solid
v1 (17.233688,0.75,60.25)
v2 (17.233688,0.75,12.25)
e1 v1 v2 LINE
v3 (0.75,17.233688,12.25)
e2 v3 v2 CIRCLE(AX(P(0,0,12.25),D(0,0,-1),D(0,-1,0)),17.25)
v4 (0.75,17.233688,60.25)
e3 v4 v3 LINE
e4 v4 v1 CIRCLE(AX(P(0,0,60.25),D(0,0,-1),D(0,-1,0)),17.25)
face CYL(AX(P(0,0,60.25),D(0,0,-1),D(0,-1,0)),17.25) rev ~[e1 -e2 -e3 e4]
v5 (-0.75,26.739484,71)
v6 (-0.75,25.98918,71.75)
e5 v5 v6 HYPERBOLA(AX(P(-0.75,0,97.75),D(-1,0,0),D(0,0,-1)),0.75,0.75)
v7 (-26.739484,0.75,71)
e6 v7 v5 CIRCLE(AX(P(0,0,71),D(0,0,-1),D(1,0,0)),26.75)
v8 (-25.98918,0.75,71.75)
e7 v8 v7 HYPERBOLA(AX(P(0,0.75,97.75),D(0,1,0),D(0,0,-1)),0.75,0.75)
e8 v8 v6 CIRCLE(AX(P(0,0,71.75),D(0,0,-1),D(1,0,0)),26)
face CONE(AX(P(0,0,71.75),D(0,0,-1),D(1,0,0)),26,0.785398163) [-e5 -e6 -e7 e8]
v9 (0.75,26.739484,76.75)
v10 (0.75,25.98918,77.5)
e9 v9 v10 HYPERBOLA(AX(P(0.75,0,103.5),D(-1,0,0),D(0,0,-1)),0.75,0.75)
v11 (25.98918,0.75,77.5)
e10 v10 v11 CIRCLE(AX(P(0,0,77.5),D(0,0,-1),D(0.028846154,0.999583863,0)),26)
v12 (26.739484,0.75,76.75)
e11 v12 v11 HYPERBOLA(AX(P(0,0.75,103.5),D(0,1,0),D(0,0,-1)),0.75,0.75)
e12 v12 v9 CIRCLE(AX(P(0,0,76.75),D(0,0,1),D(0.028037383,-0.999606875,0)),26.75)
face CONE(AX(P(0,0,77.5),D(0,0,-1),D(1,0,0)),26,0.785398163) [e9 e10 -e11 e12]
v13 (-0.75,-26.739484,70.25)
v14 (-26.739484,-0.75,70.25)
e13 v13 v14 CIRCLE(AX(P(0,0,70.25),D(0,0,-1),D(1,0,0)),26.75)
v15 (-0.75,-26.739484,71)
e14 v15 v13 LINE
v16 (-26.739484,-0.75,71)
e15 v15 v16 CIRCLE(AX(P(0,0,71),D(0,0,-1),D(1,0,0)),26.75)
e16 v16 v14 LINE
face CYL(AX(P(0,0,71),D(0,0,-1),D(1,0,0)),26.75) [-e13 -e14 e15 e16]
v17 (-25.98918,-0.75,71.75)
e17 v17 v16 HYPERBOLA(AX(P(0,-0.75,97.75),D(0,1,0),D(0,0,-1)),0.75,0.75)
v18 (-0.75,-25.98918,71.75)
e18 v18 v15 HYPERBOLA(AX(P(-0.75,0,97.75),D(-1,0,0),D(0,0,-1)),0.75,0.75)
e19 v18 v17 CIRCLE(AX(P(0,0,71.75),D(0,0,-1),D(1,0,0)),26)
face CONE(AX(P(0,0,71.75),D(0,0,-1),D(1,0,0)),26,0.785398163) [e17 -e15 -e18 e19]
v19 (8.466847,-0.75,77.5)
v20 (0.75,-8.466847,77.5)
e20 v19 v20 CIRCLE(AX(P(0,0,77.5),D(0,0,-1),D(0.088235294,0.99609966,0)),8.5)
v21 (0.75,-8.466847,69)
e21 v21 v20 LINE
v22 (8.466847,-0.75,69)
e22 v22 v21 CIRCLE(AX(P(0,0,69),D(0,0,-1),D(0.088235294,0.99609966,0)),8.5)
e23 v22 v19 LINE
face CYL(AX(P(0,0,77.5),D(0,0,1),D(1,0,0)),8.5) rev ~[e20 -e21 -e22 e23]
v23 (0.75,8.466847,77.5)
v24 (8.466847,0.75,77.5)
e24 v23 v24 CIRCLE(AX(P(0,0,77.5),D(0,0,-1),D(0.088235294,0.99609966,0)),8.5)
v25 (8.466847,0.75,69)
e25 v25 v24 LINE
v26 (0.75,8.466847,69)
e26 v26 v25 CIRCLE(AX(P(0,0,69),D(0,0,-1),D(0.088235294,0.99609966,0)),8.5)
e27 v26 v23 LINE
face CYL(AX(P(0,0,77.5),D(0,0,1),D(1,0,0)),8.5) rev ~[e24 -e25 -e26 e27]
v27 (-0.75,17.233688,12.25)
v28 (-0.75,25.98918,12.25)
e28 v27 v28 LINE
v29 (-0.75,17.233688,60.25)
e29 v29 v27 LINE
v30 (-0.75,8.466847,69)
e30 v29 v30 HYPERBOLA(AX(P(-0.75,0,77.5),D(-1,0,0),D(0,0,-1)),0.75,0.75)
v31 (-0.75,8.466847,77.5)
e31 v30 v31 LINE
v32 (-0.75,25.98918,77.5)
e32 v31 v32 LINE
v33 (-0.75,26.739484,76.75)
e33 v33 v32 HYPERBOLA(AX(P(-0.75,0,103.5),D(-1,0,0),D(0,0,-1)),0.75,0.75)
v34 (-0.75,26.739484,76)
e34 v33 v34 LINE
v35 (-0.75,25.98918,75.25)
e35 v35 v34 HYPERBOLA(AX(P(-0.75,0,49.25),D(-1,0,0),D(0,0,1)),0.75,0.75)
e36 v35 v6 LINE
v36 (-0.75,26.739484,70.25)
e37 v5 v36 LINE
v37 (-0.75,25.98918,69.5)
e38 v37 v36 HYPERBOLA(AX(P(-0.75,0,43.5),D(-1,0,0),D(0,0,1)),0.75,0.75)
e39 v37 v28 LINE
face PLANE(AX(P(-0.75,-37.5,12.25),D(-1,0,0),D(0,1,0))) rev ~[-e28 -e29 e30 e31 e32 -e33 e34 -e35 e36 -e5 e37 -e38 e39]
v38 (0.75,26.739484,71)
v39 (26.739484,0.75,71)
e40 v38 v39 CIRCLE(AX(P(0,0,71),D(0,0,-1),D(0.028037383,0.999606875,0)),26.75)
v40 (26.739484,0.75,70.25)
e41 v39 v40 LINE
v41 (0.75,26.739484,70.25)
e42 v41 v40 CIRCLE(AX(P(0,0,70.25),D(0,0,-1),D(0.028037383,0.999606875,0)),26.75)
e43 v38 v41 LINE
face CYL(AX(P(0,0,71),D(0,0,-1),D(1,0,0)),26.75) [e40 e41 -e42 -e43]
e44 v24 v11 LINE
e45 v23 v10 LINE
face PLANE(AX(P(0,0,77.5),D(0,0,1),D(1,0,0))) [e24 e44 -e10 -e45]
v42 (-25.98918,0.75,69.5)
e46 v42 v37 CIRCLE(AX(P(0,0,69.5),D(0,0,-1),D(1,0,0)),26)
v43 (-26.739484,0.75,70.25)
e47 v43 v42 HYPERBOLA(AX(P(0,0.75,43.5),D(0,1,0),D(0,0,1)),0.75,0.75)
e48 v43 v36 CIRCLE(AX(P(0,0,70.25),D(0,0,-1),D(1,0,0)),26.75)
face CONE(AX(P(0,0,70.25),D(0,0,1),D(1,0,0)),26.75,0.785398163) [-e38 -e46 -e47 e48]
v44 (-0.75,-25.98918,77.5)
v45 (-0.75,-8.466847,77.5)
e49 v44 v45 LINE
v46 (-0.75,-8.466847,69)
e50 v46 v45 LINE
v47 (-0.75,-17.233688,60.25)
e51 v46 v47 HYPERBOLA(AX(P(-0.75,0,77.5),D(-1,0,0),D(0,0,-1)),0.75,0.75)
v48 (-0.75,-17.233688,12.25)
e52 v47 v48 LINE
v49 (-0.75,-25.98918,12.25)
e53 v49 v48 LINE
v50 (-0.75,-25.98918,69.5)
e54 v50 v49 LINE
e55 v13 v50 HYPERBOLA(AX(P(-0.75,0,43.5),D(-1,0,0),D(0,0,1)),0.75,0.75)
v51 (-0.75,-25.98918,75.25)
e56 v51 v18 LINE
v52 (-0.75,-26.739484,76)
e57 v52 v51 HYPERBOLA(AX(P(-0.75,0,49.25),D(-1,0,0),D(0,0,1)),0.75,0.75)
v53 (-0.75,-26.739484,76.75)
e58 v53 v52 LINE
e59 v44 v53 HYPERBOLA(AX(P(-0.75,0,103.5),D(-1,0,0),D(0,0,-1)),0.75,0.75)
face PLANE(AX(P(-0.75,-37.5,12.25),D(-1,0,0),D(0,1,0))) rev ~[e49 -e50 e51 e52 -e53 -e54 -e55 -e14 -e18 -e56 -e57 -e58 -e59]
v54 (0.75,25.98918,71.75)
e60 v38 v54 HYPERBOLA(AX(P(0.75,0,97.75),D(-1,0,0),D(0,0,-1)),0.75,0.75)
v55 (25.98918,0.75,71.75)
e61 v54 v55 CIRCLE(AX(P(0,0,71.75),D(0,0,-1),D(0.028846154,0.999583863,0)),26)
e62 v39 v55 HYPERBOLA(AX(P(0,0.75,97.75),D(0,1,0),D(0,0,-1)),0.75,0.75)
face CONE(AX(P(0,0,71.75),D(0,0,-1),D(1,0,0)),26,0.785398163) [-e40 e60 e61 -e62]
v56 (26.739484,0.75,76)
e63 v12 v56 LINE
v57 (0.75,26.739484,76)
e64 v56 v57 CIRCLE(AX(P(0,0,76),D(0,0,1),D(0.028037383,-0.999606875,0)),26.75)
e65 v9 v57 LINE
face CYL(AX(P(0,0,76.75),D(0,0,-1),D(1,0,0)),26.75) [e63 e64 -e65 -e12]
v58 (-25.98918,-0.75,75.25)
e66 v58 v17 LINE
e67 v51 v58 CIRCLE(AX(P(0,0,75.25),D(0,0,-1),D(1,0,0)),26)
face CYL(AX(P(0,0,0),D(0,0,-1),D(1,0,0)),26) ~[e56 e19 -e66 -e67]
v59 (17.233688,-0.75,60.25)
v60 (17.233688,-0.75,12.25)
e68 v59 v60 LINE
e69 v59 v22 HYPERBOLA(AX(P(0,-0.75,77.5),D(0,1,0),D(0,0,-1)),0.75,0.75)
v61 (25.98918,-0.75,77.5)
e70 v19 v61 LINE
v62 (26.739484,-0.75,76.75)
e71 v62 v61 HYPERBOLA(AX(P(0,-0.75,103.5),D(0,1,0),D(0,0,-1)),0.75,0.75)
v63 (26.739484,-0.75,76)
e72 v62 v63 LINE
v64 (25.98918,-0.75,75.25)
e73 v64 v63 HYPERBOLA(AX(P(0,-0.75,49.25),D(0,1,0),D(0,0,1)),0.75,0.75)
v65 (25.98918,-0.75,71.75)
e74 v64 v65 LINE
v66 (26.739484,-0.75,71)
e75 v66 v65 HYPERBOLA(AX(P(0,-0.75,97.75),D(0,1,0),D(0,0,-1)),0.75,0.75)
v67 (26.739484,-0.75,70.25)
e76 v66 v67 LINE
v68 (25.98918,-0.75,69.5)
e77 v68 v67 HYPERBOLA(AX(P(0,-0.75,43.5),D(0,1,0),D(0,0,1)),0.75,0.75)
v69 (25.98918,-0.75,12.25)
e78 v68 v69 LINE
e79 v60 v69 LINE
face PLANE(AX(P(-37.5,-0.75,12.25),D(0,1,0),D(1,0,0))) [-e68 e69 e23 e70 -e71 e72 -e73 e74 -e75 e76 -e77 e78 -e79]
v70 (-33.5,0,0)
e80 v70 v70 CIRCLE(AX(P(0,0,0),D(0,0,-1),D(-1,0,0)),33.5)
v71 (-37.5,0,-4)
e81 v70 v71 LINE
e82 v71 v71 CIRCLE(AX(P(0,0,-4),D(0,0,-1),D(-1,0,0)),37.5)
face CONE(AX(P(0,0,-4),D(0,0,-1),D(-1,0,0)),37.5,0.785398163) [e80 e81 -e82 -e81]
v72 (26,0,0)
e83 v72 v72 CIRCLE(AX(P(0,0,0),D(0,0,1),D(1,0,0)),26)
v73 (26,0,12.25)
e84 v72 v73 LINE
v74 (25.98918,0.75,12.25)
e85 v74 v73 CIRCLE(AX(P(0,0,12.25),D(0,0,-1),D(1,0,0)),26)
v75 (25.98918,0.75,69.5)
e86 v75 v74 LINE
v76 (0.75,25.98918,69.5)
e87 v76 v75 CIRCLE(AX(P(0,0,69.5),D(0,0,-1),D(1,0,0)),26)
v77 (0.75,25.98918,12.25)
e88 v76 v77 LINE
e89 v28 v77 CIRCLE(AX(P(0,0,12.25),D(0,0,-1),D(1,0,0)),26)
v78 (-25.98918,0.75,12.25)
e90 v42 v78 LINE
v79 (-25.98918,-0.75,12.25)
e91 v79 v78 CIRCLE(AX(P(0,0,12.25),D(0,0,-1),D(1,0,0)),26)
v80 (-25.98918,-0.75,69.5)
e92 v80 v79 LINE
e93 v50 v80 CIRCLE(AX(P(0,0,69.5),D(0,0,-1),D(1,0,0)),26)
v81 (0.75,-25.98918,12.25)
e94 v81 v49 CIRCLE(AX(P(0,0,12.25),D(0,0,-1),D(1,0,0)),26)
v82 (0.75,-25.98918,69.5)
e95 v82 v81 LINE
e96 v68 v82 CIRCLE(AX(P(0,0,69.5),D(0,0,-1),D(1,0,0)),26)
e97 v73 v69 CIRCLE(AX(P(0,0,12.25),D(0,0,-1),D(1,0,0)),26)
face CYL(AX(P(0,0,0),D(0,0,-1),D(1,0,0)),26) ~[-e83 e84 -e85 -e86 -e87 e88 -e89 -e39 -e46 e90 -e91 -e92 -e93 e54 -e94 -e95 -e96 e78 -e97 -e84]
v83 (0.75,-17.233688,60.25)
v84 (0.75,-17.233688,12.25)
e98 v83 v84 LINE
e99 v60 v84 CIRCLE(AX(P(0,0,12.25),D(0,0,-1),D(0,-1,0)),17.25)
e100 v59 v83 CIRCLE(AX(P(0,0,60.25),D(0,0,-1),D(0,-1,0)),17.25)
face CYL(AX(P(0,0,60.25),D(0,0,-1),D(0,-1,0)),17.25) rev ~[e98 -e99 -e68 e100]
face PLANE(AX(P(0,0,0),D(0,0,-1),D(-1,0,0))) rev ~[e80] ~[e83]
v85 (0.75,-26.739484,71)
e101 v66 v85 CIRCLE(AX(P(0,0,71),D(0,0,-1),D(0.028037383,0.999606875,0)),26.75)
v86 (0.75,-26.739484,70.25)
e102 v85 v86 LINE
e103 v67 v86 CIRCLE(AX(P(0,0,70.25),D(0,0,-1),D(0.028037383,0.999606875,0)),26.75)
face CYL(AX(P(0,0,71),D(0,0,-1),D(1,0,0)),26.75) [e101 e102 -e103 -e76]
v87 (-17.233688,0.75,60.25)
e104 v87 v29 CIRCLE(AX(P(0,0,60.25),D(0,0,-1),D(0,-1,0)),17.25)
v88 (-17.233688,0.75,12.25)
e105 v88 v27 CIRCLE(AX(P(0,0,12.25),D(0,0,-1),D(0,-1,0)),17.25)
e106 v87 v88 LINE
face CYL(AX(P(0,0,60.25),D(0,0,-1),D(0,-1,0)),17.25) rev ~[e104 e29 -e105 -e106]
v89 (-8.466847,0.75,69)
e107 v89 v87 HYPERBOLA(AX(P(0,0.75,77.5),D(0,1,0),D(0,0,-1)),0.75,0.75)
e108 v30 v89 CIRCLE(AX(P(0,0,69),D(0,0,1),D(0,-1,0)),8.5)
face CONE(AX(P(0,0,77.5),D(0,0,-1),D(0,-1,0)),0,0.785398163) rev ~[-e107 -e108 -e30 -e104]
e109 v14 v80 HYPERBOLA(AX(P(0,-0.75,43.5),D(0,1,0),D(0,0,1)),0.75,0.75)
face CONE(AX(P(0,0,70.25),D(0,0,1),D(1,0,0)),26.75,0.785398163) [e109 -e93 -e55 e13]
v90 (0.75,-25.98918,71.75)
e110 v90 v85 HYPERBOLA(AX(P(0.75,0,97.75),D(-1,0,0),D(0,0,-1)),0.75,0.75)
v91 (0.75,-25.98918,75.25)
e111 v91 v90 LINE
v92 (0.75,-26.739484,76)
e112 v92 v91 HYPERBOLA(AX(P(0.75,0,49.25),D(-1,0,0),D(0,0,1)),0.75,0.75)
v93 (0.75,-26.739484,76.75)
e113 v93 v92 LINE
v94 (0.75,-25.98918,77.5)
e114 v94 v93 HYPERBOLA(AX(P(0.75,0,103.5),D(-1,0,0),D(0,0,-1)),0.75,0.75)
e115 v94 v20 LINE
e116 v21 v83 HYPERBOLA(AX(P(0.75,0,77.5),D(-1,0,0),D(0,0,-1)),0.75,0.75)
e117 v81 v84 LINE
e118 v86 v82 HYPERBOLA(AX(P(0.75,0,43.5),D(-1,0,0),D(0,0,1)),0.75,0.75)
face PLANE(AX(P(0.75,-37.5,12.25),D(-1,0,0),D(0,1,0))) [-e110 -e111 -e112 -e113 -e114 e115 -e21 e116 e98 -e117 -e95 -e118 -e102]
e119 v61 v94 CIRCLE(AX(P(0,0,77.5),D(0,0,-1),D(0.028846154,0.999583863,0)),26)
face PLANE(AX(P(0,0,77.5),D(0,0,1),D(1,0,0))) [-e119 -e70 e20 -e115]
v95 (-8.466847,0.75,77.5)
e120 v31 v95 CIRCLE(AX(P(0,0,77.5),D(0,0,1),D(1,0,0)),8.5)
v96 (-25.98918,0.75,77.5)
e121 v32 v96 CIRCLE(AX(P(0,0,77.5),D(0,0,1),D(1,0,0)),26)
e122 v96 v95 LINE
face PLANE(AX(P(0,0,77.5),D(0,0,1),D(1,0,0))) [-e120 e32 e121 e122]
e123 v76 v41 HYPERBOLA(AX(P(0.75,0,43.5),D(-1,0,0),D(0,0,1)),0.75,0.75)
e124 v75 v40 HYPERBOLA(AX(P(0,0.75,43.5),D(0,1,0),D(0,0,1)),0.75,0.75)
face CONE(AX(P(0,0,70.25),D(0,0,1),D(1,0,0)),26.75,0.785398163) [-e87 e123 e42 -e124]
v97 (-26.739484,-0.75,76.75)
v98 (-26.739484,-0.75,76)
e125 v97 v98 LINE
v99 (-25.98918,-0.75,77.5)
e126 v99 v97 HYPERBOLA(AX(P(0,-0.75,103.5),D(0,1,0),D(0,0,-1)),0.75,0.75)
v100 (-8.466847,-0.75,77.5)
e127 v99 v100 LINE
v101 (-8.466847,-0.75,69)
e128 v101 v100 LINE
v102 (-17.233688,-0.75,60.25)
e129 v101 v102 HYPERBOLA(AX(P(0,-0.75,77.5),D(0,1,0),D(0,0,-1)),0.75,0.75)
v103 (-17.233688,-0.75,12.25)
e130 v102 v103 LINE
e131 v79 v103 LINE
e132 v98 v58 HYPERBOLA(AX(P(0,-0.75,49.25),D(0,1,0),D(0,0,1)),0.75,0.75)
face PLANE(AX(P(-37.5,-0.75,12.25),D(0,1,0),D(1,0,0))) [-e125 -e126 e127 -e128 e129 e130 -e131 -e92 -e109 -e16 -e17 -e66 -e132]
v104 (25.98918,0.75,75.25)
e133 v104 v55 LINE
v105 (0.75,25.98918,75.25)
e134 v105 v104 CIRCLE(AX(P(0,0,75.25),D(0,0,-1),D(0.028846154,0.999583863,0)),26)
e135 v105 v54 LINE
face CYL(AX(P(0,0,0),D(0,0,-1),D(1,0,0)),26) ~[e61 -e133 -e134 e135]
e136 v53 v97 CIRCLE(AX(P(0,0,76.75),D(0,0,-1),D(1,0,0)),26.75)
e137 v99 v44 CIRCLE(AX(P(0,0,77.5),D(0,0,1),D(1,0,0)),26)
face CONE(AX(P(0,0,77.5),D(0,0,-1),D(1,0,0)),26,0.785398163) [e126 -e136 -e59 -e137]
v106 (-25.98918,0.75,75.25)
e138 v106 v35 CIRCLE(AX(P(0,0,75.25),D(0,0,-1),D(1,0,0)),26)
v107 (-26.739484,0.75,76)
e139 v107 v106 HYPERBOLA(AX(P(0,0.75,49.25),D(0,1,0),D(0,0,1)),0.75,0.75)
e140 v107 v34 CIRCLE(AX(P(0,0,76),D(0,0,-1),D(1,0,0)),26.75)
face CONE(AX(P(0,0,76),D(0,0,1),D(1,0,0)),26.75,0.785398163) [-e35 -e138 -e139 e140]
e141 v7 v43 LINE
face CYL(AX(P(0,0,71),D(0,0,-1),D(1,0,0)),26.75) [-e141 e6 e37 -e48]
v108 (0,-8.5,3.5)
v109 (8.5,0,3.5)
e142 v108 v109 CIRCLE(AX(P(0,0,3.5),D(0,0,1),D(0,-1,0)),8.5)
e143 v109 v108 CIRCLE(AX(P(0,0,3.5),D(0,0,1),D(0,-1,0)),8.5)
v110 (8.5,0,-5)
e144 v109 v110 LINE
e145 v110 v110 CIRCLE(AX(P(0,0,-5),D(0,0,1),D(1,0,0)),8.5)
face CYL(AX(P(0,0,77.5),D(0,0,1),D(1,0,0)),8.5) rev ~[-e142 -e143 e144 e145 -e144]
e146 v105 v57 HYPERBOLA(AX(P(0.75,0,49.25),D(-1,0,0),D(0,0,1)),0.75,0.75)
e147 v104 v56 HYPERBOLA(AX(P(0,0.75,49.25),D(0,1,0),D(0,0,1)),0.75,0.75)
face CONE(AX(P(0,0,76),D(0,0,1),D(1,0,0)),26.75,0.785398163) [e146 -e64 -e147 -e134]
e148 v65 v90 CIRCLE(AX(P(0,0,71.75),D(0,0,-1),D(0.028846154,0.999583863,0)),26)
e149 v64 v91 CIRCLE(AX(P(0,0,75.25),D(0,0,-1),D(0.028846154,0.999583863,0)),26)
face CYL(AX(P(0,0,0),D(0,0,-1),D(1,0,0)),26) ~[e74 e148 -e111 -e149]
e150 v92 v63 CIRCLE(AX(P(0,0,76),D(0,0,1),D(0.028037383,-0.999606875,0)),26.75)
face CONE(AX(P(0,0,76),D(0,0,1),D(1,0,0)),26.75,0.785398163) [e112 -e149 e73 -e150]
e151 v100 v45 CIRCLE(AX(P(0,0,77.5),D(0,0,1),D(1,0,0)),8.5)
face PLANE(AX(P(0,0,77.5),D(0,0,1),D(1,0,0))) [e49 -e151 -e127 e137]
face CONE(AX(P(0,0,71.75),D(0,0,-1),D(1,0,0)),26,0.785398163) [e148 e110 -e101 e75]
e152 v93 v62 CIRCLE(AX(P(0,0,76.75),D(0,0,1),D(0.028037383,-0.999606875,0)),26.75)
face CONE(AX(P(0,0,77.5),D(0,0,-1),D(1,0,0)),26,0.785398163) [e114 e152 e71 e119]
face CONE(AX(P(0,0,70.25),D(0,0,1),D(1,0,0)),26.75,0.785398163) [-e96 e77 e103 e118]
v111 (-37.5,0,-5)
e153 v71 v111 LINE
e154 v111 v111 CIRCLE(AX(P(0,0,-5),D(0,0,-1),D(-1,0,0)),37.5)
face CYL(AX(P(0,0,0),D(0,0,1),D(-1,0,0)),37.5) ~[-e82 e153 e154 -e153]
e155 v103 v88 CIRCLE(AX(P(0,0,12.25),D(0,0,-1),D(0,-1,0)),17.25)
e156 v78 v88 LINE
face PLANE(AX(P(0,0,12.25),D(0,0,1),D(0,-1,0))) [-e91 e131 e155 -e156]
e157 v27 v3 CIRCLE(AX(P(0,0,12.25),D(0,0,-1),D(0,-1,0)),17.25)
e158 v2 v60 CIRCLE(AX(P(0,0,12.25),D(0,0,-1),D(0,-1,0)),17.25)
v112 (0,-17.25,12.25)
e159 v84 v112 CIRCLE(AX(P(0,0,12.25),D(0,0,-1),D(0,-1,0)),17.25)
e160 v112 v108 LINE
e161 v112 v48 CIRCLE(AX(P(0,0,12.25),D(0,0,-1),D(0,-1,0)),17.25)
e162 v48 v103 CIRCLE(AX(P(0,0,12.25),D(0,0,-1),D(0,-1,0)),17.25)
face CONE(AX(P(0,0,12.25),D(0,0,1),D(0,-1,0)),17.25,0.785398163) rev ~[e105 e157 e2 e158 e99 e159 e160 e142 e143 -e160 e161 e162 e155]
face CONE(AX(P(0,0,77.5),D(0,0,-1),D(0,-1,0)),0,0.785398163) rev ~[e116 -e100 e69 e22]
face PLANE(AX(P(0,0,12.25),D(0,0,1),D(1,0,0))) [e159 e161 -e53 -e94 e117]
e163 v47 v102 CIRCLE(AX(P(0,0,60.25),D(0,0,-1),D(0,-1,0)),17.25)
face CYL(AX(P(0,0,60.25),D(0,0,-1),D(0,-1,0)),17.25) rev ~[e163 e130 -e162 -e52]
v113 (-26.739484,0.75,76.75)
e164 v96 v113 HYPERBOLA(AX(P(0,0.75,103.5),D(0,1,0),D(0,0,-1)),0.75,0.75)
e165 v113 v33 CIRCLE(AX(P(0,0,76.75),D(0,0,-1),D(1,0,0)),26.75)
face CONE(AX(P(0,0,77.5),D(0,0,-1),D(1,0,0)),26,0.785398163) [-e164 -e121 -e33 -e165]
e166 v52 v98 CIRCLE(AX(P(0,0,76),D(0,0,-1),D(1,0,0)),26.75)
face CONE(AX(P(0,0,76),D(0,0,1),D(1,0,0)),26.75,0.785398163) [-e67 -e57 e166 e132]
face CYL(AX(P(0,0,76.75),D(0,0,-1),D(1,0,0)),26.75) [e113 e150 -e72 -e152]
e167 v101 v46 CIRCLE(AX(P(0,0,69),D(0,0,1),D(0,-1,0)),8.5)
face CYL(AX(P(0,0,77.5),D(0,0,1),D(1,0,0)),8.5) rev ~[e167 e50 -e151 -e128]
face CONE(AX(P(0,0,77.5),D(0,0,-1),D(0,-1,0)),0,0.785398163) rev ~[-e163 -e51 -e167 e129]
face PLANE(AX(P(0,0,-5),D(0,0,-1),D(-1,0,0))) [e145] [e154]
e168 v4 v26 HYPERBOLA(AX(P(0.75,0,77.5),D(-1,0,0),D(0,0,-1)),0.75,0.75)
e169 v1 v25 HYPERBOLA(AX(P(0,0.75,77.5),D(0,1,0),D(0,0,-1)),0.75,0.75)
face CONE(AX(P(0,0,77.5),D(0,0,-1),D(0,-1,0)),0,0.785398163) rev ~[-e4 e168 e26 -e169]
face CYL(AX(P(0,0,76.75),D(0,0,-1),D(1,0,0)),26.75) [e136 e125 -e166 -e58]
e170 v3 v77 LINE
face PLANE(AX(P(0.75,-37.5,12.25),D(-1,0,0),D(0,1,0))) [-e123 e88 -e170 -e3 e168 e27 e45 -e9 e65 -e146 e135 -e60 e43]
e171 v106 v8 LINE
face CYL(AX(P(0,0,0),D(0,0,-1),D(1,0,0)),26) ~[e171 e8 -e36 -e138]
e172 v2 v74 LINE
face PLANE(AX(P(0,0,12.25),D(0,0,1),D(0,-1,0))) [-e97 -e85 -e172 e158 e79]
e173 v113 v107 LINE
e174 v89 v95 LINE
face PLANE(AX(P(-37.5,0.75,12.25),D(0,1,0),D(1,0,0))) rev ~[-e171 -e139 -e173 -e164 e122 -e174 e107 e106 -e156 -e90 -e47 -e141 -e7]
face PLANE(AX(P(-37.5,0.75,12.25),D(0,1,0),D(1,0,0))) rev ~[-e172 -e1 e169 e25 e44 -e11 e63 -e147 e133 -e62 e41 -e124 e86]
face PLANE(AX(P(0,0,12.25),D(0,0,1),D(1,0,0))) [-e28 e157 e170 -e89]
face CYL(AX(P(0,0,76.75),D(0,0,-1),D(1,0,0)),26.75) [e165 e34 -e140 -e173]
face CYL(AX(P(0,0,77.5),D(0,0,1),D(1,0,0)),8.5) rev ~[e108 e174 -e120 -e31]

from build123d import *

# Parameters (mm, degrees)
AXLE_BASE_SKETCH_R        = 26
AXLE_DEPTH                = 77.5
GUARD_BASE_R              = 37.5
GUARD_DEPTH               = 5
INNER_AXLE_HOLE_BASE_R    = 8.5
INNER_AXLE_HOLE_DEPTH     = 83.5
BEND_START                = -65.25
BEND_ROOM_BASE_W          = 1.5
BEND_ROOM_BASE_H          = 75
BEND_ROOM_1_DEPTH         = 65.25
BEND_ROOM_2_COUNT         = 2
BEND_ROOM_2_ANGLE         = 90
EASY_REMOVAL_CHAMFER_SIZE = 4


with BuildPart() as part:
    # Axle base sketch → Axle (new body)
    with BuildSketch(Plane.XY):
        Circle(AXLE_BASE_SKETCH_R)
    extrude(amount=AXLE_DEPTH)

    # Guard base → Guard (add)
    with BuildSketch(Plane(origin=(0, 0, 0), x_dir=(-1, 0, 0), z_dir=(0, 0, -1))):
        Circle(GUARD_BASE_R)
    extrude(amount=GUARD_DEPTH)

    # Inner axle hole base → Inner axle hole (cut, through all)
    with BuildSketch(Plane.XY.offset(77.5)):
        Circle(INNER_AXLE_HOLE_BASE_R)
    extrude(amount=-INNER_AXLE_HOLE_DEPTH, mode=Mode.SUBTRACT)

    # Mate ring base → Mate rings (revolve)
    with BuildSketch(Plane(origin=(0, 0, 0), x_dir=(1, 0, 0), z_dir=(0, 1, 0))):
        Polygon((26, -77.5), (26.75, -76.75), (26.75, -76), (26, -75.25), align=None)
        Polygon((26, -71.75), (26.75, -71), (26.75, -70.25), (26, -69.5), align=None)
    revolve(axis=Axis((0, 0, 0), (0, 0, -1)))

    # Inner mass remove base → Inner mass remove (revolve, cut)
    with BuildSketch(Plane(origin=(0, 0, 0), x_dir=(0, 0, -1), z_dir=(1, 0, 0))):
        Polygon((-77.5, 0), (-60.25, -17.25), (-12.25, -17.25), (5, 0), align=None)
    revolve(axis=Axis((0, 0, 0), (0, 0, -1)), mode=Mode.SUBTRACT)

    # Bend room base → Bend room 1 (cut)
    with BuildSketch(Plane.XY.offset(77.5).offset(BEND_START)):
        Rectangle(BEND_ROOM_BASE_W, BEND_ROOM_BASE_H)
    bend_room_1 = extrude(amount=BEND_ROOM_1_DEPTH, mode=Mode.SUBTRACT)

    # Bend room 2: Bend room 1 ×2 about axis
    bend_room_2_axis = Axis((0, 0, 0), (0, 0, -1))
    for i in range(1, BEND_ROOM_2_COUNT):
        add(bend_room_1.rotate(bend_room_2_axis, i * BEND_ROOM_2_ANGLE / (BEND_ROOM_2_COUNT - 1)), mode=Mode.SUBTRACT)

    # Easy removal chamfer
    easy_removal_chamfer_edges = [part.edges().sort_by_distance(p)[0] for p in [
        (37.5, 0, 0),
    ]]
    chamfer(easy_removal_chamfer_edges, length=EASY_REMOVAL_CHAMFER_SIZE)


solid = part.part
